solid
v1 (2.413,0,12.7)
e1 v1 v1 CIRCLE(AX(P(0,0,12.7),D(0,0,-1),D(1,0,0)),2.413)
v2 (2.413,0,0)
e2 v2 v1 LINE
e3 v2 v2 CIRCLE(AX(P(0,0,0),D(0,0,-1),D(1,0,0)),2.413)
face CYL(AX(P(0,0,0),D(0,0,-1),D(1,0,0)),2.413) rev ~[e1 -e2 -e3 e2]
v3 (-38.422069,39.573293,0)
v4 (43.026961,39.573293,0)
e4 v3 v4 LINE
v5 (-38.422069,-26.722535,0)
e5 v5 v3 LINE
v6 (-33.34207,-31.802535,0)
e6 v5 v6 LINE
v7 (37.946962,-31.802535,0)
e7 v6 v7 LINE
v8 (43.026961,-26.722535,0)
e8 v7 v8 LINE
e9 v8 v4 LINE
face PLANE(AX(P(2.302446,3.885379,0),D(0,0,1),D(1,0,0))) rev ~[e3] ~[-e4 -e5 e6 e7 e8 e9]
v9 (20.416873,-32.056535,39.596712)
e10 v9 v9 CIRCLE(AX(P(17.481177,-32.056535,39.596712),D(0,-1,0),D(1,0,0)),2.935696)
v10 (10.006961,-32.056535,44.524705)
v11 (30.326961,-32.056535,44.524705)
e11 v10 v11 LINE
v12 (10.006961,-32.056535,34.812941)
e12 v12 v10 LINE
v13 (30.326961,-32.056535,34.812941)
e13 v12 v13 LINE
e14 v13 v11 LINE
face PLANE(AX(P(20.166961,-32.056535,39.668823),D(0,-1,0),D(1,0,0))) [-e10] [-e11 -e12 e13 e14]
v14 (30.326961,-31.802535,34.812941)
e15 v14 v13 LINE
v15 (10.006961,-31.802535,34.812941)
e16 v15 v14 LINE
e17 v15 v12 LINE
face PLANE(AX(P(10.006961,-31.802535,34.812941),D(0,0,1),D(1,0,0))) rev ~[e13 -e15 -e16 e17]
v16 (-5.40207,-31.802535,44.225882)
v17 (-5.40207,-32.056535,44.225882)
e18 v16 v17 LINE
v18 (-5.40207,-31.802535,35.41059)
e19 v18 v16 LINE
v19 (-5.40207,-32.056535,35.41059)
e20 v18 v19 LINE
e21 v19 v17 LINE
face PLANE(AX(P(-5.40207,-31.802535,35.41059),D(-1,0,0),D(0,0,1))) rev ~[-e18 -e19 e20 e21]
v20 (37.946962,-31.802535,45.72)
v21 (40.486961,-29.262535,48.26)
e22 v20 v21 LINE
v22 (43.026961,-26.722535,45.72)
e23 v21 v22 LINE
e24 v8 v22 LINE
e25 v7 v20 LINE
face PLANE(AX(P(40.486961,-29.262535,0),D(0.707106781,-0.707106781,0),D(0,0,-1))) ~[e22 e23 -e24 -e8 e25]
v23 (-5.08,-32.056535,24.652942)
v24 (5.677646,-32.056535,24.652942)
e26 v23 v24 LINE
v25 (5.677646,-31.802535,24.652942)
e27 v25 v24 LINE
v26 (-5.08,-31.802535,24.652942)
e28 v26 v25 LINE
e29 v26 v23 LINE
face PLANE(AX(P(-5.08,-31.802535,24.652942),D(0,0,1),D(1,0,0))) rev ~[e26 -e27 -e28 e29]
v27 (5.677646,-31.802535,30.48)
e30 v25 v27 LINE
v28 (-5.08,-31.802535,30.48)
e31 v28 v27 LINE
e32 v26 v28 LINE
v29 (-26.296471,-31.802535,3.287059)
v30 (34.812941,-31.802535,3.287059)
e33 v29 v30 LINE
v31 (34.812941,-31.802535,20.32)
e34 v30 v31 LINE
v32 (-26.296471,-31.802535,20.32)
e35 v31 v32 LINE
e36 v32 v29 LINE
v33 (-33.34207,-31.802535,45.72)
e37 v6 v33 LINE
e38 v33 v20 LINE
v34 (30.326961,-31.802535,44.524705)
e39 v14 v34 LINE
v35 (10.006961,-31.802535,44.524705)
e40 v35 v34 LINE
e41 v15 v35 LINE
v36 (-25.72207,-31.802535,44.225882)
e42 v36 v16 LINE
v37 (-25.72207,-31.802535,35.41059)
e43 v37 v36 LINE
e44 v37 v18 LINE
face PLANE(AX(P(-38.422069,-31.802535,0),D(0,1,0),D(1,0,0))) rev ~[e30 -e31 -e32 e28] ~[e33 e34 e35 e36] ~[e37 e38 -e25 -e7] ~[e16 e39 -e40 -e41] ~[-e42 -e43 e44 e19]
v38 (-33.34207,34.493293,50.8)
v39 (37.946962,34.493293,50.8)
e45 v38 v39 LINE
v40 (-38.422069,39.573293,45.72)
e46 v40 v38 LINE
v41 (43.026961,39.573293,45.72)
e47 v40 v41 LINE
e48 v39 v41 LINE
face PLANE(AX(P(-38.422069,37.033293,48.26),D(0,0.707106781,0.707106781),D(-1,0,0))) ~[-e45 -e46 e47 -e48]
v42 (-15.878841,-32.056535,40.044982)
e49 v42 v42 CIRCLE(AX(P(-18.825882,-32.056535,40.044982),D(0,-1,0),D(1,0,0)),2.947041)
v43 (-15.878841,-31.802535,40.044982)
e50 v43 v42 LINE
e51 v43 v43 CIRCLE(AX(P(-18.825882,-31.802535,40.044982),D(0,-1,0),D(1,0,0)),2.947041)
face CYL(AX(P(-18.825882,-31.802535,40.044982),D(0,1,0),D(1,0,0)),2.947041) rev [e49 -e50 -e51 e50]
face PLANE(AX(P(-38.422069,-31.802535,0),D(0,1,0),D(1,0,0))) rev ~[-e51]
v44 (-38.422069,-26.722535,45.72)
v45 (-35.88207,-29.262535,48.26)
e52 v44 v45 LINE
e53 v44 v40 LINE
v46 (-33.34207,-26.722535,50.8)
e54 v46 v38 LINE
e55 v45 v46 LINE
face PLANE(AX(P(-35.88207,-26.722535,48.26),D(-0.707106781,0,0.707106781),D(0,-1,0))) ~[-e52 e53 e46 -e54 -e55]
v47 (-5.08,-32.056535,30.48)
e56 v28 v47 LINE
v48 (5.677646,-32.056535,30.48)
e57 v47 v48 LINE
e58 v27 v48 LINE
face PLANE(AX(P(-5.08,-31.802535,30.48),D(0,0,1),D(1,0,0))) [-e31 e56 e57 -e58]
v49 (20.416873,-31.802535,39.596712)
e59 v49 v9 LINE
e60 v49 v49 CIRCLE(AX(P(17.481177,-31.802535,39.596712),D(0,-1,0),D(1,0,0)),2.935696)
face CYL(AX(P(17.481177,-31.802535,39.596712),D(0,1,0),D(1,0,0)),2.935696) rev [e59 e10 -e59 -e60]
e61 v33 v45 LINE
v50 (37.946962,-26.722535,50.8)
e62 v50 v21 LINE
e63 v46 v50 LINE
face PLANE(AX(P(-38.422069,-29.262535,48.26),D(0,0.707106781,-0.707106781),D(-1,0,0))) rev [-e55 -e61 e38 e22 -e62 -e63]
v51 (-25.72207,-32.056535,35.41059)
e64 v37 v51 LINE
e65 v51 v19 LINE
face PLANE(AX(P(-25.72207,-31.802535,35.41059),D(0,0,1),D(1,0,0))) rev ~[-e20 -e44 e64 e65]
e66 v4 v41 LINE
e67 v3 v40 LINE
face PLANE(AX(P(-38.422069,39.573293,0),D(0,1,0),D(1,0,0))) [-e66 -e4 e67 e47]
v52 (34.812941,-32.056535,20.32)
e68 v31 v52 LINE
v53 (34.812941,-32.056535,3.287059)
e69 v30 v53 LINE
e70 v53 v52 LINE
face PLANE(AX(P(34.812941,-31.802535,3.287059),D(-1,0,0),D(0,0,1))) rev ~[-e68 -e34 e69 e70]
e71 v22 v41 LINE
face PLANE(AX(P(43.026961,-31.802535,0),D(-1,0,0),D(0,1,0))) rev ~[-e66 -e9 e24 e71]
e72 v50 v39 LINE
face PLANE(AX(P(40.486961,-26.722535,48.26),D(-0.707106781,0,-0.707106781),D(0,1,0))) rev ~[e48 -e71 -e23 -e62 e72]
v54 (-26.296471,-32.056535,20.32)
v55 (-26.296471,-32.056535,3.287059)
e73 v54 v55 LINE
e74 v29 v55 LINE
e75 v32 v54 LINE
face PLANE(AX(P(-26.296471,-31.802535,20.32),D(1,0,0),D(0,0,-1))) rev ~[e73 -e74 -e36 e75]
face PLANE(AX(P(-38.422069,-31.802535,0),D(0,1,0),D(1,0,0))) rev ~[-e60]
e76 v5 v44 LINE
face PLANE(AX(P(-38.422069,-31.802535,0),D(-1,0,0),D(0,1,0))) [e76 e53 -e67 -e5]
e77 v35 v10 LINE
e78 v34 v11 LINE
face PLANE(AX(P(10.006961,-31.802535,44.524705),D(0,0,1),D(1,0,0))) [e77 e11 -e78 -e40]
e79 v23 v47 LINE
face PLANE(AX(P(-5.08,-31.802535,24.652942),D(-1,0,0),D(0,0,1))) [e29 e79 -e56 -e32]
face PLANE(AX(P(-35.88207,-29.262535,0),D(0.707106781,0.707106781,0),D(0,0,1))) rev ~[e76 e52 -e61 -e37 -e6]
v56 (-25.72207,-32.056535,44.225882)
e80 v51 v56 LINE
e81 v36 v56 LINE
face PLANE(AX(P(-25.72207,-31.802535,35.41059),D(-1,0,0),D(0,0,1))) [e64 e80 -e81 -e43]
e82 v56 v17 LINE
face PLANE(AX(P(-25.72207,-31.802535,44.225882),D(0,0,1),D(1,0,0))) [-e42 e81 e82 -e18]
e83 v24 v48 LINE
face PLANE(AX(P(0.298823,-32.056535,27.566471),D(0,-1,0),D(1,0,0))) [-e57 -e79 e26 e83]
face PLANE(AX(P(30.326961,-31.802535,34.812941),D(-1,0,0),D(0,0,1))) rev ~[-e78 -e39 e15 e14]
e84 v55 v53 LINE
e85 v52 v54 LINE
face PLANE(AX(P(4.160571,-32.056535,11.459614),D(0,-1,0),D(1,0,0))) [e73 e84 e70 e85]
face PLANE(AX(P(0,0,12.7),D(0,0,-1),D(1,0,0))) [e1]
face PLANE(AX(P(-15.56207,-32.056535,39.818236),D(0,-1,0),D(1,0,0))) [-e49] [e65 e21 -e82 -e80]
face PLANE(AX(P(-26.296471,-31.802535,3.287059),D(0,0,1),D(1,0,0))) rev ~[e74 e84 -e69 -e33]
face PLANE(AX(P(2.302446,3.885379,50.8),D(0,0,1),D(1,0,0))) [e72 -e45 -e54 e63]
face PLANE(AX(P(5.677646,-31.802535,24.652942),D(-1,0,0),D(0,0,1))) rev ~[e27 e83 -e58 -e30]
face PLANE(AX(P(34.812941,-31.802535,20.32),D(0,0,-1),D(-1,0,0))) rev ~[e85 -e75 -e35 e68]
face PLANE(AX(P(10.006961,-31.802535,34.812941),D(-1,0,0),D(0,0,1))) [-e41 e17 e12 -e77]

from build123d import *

# Parameters (mm, degrees)
F0_W     = 81.449031
F0_H     = 71.375828
F1_DEPTH = 50.8
F2_W     = 20.32
F2_H     = 8.815292
F2_R     = 2.947041
F2_H_2   = 9.711764
F2_R_2   = 2.935696
F2_W_2   = 10.757647
F2_H_3   = 5.827058
F3_DEPTH = 0.254
F4_SIZE  = 5.08
F5_SIZE  = 5.08
F6_R     = 2.413
F7_DEPTH = 12.7


with BuildPart() as f1:
    # F0 (on Top) → F1 (new body)
    with BuildSketch(Plane.XY):
        with Locations((2.302446, 3.885379)):
            Rectangle(F0_W, F0_H)
    extrude(amount=F1_DEPTH)

    # F2 (on face) → F3 (join)
    with BuildSketch(Plane.XZ.offset(31.802535)):
        with Locations((-15.56207, 39.818236)):
            Rectangle(F2_W, F2_H)
        with Locations((-18.825882, 40.044982)):
            Circle(F2_R, mode=Mode.SUBTRACT)
        with Locations((20.166961, 39.668823)):
            Rectangle(F2_W, F2_H_2)
        with Locations((17.481177, 39.596712)):
            Circle(F2_R_2, mode=Mode.SUBTRACT)
        with Locations((0.298823, 27.566471)):
            Rectangle(F2_W_2, F2_H_3)
        Polygon((-22.112939, 16.584706), (-26.296471, 20.32), (-26.296471, 3.287059), (-22.877605, 7.272481), (-18.23174, 3.287059), (-15.538824, 8.516526), (-11.504705, 3.287059), (-9.26353, 8.66595), (-6.125882, 3.287059), (-4.631764, 8.217677), (0, 4.244351), (1.643529, 8.367102), (6.125882, 3.287059), (10.336007, 8.194863), (12.849411, 3.287059), (17.048708, 8.182241), (21.067059, 3.287059), (22.710588, 8.66595), (26.744705, 3.287059), (28.687059, 9.263645), (32.870589, 3.287059), (34.812941, 10.309614), (34.812941, 15.389412), (30.928233, 20.32), (29.135293, 16.584706), (25.250589, 20.32), (24.052847, 16.584706), (19.495787, 20.32), (16.43407, 16.584706), (11.877011, 20.32), (8.815294, 16.584706), (4.258235, 20.32), (2.926819, 16.584706), (-1.427469, 20.32), (-4.631764, 16.584706), (-8.986052, 20.32), (-14.215461, 16.584706), (-16.88353, 20.32), align=None)
        Polygon((-16.88353, 20.32), (-26.296471, 20.32), (-22.112939, 16.584706), align=None)
        Polygon((-8.986052, 20.32), (-16.88353, 20.32), (-14.215461, 16.584706), align=None)
        Polygon((-22.877605, 7.272481), (-26.296471, 3.287059), (-18.23174, 3.287059), align=None)
        Polygon((-1.427469, 20.32), (-8.986052, 20.32), (-4.631764, 16.584706), align=None)
        Polygon((-15.538824, 8.516526), (-18.23174, 3.287059), (-11.504705, 3.287059), align=None)
        Polygon((4.258235, 20.32), (-1.427469, 20.32), (2.926819, 16.584706), align=None)
        Polygon((-9.26353, 8.66595), (-11.504705, 3.287059), (-6.125882, 3.287059), align=None)
        Polygon((11.877011, 20.32), (4.258235, 20.32), (8.815294, 16.584706), align=None)
        Polygon((-4.631764, 8.217677), (-6.125882, 3.287059), (6.125882, 3.287059), (1.643529, 8.367102), (0, 4.244351), align=None)
        Polygon((19.495787, 20.32), (11.877011, 20.32), (16.43407, 16.584706), align=None)
        Polygon((10.336007, 8.194863), (6.125882, 3.287059), (12.849411, 3.287059), align=None)
        Polygon((25.250589, 20.32), (19.495787, 20.32), (24.052847, 16.584706), align=None)
        Polygon((17.048708, 8.182241), (12.849411, 3.287059), (21.067059, 3.287059), align=None)
        Polygon((30.928233, 20.32), (25.250589, 20.32), (29.135293, 16.584706), align=None)
        Polygon((22.710588, 8.66595), (21.067059, 3.287059), (26.744705, 3.287059), align=None)
        Polygon((34.812941, 20.32), (30.928233, 20.32), (34.812941, 15.389412), align=None)
        Polygon((28.687059, 9.263645), (26.744705, 3.287059), (32.870589, 3.287059), align=None)
        Polygon((34.812941, 10.309614), (32.870589, 3.287059), (34.812941, 3.287059), align=None)
    extrude(amount=F3_DEPTH)

    # F4
    f4_edges = [f1.edges().sort_by_distance(p)[0] for p in [
        (2.302445, -31.802535, 50.8),
        (-38.42207, -31.802535, 25.4),
        (43.026961, -31.802535, 25.4),
    ]]
    chamfer(f4_edges, length=F4_SIZE)

    # F5
    f5_edges = [f1.edges().sort_by_distance(p)[0] for p in [
        (-38.42207, 6.425379, 50.8),
        (43.026961, 6.425379, 50.8),
        (2.302445, 39.573293, 50.8),
    ]]
    chamfer(f5_edges, length=F5_SIZE)

    # F6 (on face) → F7 (cut)
    with BuildSketch(Plane(origin=(0, 0, 0), x_dir=(1, 0, 0), z_dir=(0, 0, -1))):
        Circle(F6_R)
    extrude(amount=-F7_DEPTH, mode=Mode.SUBTRACT)


solid = f1.part
